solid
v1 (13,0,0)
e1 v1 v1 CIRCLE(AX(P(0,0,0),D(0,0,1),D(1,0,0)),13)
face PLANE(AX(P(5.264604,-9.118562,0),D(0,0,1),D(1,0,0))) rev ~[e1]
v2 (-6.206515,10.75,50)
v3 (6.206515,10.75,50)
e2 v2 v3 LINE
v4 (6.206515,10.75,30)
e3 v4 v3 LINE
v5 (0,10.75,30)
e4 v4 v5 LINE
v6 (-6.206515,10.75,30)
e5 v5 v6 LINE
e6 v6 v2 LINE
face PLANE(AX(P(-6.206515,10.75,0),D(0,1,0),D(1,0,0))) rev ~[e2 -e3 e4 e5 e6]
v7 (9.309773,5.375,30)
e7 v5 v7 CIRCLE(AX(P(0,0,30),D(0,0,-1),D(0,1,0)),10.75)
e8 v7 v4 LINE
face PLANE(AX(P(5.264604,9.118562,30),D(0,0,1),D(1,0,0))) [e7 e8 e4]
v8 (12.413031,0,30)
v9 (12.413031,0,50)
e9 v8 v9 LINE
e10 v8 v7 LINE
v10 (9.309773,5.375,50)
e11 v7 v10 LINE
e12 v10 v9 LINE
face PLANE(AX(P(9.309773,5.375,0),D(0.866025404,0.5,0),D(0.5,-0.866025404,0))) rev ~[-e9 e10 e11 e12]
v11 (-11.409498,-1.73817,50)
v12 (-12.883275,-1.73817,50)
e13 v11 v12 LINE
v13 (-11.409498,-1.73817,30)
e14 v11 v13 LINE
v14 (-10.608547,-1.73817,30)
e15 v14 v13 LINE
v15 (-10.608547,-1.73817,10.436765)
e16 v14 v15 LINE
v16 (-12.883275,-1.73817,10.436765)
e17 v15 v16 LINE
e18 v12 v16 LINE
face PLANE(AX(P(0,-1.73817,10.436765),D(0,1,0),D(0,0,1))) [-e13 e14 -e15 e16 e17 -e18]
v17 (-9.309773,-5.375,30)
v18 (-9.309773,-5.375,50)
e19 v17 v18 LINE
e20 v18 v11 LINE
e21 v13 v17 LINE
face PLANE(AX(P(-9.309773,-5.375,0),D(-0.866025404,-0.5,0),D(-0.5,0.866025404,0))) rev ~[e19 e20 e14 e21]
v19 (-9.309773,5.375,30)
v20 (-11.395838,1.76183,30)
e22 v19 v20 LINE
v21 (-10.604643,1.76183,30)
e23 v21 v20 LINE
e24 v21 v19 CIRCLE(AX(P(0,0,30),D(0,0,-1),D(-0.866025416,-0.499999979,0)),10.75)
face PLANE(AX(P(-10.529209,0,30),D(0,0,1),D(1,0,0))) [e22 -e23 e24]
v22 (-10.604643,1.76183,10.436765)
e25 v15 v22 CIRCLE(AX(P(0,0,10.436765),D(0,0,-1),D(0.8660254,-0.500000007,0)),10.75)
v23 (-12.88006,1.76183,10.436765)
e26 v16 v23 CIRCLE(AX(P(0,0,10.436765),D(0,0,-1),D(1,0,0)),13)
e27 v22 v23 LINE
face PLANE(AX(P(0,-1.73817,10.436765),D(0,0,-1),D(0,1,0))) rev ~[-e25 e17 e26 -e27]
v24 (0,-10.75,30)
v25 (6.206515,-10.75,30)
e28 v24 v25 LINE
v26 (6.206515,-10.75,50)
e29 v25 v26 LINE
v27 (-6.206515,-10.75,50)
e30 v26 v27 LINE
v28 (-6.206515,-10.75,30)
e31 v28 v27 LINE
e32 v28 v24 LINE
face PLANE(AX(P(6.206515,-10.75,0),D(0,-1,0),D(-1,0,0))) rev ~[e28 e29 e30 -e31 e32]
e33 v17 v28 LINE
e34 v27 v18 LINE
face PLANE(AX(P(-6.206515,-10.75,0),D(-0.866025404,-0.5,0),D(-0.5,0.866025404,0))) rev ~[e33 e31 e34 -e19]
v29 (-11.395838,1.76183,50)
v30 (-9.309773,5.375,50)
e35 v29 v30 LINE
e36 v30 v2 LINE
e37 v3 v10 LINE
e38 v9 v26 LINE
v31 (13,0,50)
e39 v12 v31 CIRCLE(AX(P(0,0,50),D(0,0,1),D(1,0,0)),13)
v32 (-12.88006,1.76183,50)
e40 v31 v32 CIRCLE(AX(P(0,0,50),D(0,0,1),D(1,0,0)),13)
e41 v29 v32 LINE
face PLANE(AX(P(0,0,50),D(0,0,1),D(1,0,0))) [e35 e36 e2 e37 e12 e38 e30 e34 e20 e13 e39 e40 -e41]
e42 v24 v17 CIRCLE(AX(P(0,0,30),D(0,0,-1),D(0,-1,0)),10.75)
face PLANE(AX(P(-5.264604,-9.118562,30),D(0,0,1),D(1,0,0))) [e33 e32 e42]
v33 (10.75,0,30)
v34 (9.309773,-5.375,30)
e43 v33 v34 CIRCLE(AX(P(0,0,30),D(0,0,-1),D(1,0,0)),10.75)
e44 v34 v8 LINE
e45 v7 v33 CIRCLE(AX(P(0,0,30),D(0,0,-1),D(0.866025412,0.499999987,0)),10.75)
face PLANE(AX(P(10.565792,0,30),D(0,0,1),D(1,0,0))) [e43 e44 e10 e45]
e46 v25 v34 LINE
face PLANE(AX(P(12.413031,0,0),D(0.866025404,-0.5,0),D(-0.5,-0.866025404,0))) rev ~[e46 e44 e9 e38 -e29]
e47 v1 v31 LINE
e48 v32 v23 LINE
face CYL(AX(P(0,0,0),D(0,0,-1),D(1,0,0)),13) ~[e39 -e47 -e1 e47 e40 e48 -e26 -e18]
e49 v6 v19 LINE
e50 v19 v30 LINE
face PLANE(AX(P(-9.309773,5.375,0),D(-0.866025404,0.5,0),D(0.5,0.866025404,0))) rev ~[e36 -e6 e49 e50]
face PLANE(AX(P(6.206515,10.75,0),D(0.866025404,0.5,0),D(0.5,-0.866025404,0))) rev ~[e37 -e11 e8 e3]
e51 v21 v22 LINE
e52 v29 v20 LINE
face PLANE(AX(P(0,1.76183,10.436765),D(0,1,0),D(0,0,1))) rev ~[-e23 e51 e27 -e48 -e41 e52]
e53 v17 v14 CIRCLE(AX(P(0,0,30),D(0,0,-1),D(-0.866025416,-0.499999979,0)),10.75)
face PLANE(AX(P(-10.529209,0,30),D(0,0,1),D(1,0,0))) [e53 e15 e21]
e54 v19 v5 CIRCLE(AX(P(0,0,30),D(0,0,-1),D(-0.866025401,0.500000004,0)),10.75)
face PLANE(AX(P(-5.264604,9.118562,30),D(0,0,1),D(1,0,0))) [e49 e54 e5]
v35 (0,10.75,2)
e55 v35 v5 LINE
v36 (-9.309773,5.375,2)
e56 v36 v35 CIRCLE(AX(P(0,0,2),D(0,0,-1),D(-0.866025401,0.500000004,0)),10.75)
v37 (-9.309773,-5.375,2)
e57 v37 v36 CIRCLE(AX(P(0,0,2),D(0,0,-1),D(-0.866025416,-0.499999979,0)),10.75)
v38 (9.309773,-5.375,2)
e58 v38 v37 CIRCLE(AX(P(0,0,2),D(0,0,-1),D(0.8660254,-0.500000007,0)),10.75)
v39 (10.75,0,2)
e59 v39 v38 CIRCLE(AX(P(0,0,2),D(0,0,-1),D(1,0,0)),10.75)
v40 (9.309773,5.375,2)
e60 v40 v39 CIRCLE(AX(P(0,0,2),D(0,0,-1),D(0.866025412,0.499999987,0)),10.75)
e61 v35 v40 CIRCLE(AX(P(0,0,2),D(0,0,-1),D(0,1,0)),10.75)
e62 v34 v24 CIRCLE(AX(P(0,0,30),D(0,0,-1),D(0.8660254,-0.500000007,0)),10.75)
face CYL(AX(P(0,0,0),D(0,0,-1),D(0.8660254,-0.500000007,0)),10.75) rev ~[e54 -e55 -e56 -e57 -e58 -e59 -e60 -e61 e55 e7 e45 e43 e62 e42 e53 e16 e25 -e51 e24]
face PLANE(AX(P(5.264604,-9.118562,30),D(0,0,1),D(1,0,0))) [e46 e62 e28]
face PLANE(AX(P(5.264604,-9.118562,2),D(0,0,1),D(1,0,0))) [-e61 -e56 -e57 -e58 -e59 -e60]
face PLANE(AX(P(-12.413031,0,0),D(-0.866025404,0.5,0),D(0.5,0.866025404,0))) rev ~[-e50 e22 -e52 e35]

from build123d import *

# Parameters (mm, degrees)
F0_R     = 13
F1_DEPTH = 50
F2_DEPTH = 2
F4_DEPTH = 30
F3_W     = 3.5
F3_H     = 40
F5_DEPTH = 25


with BuildPart() as f1:
    # F0 (on Top) → F1 (new body)
    with BuildSketch(Plane.XY):
        Circle(F0_R)
        Polygon((6.2065153938, 10.75), (9.3097731741, 5.3749998556), (12.4130307876, 0), (9.3097730463, -5.3750000769), (6.2065153938, -10.75), (0, -10.75), (-6.2065153938, -10.75), (-9.3097732188, -5.374999778), (-12.4130307876, 0), (-9.3097730642, 5.3750000458), (-6.2065153938, 10.75), (0, 10.75), align=None, mode=Mode.SUBTRACT)
    extrude(amount=F1_DEPTH)

    # F0 (on Top) → F2 (join)
    with BuildSketch(Plane.XY):
        with BuildLine():
            Line((6.2065153938, -10.75), (9.3097730463, -5.3750000769))
            ThreePointArc((9.3097730463, -5.3750000769), (5.3749999615, -9.3097731129), (0, -10.75))
            Line((0, -10.75), (6.2065153938, -10.75))
        make_face()
        with BuildLine():
            Line((-6.2065153938, -10.75), (0, -10.75))
            ThreePointArc((0, -10.75), (-5.375000111, -9.3097730266), (-9.3097732188, -5.374999778))
            Line((-9.3097732188, -5.374999778), (-6.2065153938, -10.75))
        make_face()
        with BuildLine():
            ThreePointArc((9.3097730463, -5.3750000769), (10.3837026211, -2.7823047777), (10.75, 0))
            ThreePointArc((10.75, 0), (10.3837026542, 2.7823046543), (9.3097731741, 5.3749998556))
            ThreePointArc((9.3097731741, 5.3749998556), (5.3750000722, 9.309773049), (0, 10.75))
            ThreePointArc((0, 10.75), (-5.3749999771, 9.3097731039), (-9.3097730642, 5.3750000458))
            ThreePointArc((-9.3097730642, 5.3750000458), (-10.75, 1.546e-07), (-9.3097732188, -5.374999778))
            ThreePointArc((-9.3097732188, -5.374999778), (-5.375000111, -9.3097730266), (0, -10.75))
            ThreePointArc((0, -10.75), (5.3749999615, -9.3097731129), (9.3097730463, -5.3750000769))
        make_face()
        with BuildLine():
            ThreePointArc((-9.3097730642, 5.3750000458), (-5.3749999771, 9.3097731039), (0, 10.75))
            Line((0, 10.75), (-6.2065153938, 10.75))
            Line((-6.2065153938, 10.75), (-9.3097730642, 5.3750000458))
        make_face()
        with BuildLine():
            ThreePointArc((-9.3097732188, -5.374999778), (-10.75, 1.546e-07), (-9.3097730642, 5.3750000458))
            Line((-9.3097730642, 5.3750000458), (-12.4130307876, 0))
            Line((-12.4130307876, 0), (-9.3097732188, -5.374999778))
        make_face()
        with BuildLine():
            ThreePointArc((0, 10.75), (5.3750000722, 9.309773049), (9.3097731741, 5.3749998556))
            Line((9.3097731741, 5.3749998556), (6.2065153938, 10.75))
            Line((6.2065153938, 10.75), (0, 10.75))
        make_face()
        with BuildLine():
            ThreePointArc((9.3097731741, 5.3749998556), (10.3837026542, 2.7823046543), (10.75, 0))
            ThreePointArc((10.75, 0), (10.3837026211, -2.7823047777), (9.3097730463, -5.3750000769))
            Line((9.3097730463, -5.3750000769), (12.4130307876, 0))
            Line((12.4130307876, 0), (9.3097731741, 5.3749998556))
        make_face()
    extrude(amount=F2_DEPTH)

    # F0 (on Top) → F4 (join)
    with BuildSketch(Plane.XY):
        with BuildLine():
            ThreePointArc((0, 10.75), (5.3750000722, 9.309773049), (9.3097731741, 5.3749998556))
            Line((9.3097731741, 5.3749998556), (6.2065153938, 10.75))
            Line((6.2065153938, 10.75), (0, 10.75))
        make_face()
        with BuildLine():
            ThreePointArc((-9.3097730642, 5.3750000458), (-5.3749999771, 9.3097731039), (0, 10.75))
            Line((0, 10.75), (-6.2065153938, 10.75))
            Line((-6.2065153938, 10.75), (-9.3097730642, 5.3750000458))
        make_face()
        with BuildLine():
            ThreePointArc((-9.3097732188, -5.374999778), (-10.75, 1.546e-07), (-9.3097730642, 5.3750000458))
            Line((-9.3097730642, 5.3750000458), (-12.4130307876, 0))
            Line((-12.4130307876, 0), (-9.3097732188, -5.374999778))
        make_face()
        with BuildLine():
            Line((-6.2065153938, -10.75), (0, -10.75))
            ThreePointArc((0, -10.75), (-5.375000111, -9.3097730266), (-9.3097732188, -5.374999778))
            Line((-9.3097732188, -5.374999778), (-6.2065153938, -10.75))
        make_face()
        with BuildLine():
            Line((6.2065153938, -10.75), (9.3097730463, -5.3750000769))
            ThreePointArc((9.3097730463, -5.3750000769), (5.3749999615, -9.3097731129), (0, -10.75))
            Line((0, -10.75), (6.2065153938, -10.75))
        make_face()
        with BuildLine():
            ThreePointArc((9.3097731741, 5.3749998556), (10.3837026542, 2.7823046543), (10.75, 0))
            ThreePointArc((10.75, 0), (10.3837026211, -2.7823047777), (9.3097730463, -5.3750000769))
            Line((9.3097730463, -5.3750000769), (12.4130307876, 0))
            Line((12.4130307876, 0), (9.3097731741, 5.3749998556))
        make_face()
    extrude(amount=F4_DEPTH)

    # F3 (on Right) → F5 (cut)
    with BuildSketch(Plane.YZ):
        with Locations((0.0118296053, 30.4367649183)):
            Rectangle(F3_W, F3_H)
    extrude(amount=-F5_DEPTH, mode=Mode.SUBTRACT)


solid = f1.part
